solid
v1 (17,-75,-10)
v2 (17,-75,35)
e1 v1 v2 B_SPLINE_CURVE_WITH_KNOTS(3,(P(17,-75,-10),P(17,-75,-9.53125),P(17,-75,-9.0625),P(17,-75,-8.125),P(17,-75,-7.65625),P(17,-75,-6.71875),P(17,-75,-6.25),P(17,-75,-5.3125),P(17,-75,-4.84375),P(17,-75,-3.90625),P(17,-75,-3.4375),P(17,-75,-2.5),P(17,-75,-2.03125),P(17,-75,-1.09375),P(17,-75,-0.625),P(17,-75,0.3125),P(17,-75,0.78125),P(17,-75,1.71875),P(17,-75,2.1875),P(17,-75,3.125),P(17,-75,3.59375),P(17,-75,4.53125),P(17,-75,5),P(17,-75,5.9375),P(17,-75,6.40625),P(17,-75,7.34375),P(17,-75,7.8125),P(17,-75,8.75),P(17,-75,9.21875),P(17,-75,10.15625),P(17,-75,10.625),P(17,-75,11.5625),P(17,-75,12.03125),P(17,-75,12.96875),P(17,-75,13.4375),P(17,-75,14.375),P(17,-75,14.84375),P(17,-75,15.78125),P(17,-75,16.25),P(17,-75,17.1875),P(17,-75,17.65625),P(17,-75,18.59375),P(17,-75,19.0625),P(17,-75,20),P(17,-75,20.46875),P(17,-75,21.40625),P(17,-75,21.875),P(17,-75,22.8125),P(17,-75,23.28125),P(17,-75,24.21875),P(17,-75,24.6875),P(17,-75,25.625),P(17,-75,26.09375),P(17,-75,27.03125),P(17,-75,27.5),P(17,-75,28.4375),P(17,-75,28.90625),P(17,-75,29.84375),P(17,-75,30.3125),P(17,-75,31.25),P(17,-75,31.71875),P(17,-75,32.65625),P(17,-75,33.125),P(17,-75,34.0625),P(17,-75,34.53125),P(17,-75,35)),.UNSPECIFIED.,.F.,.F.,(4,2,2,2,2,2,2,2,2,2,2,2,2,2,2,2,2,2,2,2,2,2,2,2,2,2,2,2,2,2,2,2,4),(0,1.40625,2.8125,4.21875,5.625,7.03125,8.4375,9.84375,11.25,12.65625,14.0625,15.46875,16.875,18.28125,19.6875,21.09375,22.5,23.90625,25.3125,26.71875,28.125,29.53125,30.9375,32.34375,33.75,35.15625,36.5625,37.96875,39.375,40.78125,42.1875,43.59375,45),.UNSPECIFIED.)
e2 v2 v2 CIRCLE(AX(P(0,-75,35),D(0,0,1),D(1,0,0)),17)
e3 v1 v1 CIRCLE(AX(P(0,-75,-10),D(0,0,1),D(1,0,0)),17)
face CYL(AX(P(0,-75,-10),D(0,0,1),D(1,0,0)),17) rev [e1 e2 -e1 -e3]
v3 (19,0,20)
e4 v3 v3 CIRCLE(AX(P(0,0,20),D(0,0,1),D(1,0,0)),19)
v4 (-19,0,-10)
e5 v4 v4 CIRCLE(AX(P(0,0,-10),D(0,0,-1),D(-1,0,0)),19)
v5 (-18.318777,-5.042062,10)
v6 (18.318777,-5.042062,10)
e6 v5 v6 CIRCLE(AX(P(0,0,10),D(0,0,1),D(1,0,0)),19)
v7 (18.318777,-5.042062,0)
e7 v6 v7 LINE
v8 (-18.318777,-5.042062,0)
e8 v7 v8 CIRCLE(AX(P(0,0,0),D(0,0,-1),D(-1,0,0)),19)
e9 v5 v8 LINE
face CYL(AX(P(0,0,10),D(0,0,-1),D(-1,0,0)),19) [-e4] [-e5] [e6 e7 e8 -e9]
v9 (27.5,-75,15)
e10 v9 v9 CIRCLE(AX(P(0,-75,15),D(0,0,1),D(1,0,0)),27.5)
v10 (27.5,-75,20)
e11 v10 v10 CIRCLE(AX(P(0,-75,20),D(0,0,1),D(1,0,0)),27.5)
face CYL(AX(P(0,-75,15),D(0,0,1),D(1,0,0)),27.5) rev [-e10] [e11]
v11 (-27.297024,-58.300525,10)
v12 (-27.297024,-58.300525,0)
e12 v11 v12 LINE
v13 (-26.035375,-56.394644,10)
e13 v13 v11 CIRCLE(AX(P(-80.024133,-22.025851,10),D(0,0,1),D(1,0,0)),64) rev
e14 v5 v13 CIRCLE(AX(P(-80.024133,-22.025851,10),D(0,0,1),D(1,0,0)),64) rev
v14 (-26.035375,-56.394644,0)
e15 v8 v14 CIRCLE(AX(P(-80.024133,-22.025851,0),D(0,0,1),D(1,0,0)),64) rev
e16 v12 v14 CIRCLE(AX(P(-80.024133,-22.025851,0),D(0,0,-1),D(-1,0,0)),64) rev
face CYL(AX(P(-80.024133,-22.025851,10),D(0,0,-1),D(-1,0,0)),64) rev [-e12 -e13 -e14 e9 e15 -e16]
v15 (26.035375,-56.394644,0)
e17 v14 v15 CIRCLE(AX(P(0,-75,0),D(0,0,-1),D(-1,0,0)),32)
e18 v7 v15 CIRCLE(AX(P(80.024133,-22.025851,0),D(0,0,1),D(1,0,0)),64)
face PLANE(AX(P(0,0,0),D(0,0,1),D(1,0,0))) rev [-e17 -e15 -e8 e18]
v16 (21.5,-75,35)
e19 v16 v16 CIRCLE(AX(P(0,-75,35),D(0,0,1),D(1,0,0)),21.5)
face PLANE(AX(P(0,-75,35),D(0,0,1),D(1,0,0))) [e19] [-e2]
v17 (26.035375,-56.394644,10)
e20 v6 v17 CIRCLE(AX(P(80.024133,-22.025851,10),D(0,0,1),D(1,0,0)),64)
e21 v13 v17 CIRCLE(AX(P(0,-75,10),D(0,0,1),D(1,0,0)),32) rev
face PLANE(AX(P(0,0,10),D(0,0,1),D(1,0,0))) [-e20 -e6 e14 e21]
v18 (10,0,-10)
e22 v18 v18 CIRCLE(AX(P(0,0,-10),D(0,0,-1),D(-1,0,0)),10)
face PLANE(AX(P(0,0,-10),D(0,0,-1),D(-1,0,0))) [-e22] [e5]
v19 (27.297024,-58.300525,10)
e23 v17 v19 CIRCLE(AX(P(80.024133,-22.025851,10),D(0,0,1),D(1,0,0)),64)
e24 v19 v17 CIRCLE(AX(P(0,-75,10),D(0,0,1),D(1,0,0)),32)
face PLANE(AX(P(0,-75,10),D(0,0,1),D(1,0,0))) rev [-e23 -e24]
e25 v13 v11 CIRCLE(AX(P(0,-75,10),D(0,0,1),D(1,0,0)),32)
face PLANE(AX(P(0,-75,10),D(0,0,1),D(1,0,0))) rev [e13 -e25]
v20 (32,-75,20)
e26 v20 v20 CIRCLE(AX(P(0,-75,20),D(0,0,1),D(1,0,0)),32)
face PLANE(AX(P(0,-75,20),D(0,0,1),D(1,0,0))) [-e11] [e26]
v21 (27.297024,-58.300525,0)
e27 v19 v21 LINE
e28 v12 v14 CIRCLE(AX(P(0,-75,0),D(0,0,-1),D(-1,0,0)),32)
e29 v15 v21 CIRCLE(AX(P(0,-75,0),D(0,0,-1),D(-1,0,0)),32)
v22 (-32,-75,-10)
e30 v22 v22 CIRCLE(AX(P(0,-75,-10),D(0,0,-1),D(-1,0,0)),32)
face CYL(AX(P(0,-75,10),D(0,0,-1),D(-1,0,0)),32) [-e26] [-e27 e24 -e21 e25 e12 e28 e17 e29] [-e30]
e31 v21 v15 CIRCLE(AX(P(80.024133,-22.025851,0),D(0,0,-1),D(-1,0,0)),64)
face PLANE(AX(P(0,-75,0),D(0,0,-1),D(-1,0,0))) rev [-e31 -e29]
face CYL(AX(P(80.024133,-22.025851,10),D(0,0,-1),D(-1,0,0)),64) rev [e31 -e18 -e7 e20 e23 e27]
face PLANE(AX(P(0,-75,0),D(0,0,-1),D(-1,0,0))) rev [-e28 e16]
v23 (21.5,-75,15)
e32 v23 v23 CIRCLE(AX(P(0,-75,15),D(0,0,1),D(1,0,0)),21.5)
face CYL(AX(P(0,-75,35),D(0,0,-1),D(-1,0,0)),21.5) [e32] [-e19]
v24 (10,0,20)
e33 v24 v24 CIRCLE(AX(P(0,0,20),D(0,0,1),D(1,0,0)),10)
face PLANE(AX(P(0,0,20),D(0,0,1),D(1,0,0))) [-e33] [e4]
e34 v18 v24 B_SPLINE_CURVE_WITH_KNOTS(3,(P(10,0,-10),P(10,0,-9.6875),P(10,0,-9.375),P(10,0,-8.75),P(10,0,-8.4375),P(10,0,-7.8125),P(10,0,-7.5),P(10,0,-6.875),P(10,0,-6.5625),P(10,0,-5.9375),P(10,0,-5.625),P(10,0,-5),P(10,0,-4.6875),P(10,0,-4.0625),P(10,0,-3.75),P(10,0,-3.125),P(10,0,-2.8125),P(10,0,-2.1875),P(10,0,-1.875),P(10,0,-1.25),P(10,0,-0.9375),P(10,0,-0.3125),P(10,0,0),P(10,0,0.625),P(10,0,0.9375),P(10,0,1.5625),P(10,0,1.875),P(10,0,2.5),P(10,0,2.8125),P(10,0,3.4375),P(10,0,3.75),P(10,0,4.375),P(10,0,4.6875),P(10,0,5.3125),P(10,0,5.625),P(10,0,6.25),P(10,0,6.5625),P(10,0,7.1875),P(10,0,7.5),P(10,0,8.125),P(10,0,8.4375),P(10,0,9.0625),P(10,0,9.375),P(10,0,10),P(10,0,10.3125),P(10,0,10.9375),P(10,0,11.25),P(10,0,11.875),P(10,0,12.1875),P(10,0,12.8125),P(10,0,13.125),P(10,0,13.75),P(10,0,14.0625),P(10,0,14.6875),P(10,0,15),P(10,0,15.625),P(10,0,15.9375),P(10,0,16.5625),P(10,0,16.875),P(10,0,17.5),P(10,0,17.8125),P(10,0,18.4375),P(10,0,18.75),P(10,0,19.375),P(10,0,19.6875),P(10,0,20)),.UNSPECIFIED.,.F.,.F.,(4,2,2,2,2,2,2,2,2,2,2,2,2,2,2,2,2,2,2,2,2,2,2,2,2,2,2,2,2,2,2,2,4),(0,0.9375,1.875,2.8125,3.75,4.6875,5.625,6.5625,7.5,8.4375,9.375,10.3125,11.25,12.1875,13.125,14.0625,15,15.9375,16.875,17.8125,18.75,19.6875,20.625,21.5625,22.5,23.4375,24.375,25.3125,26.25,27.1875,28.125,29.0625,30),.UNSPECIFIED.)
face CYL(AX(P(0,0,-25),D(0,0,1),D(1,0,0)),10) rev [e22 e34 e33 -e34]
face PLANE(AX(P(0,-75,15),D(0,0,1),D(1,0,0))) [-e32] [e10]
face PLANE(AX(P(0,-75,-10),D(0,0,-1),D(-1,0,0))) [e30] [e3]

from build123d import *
from build123d.topology import SkipClean

# Parameters (mm, degrees)
BOSS_EXTRU_7_DEPTH       = 10
BOSS_EXTRU_13_START      = 10
ESQUISSE14_R             = 19
ESQUISSE14_R_2           = 32
BOSS_EXTRU_13_DEPTH      = 10
ESQUISSE15_R             = 19
BOSS_EXTRU_14_DEPTH      = 10
ESQUISSE16_R             = 32
BOSS_EXTRU_16_DEPTH      = 10
ESQUISSE21_R             = 27.5
ENL_V_MAT_EXTRU_10_DEPTH = 5
ESQUISSE25_R             = 21.5
BOSS_EXTRU_18_DEPTH      = 20
ESQUISSE26_R             = 17
ENL_V_MAT_EXTRU_11_DEPTH = 45
ESQUISSE27_R             = 10
ENL_V_MAT_EXTRU_12_DEPTH = 45


with BuildPart() as part:
    # Esquisse3 → Boss.-Extru.7 (new body)
    with BuildSketch(Plane.XY):
        with BuildLine():
            ThreePointArc((18.31877748, -5.042062242), (0, 19), (-18.31877748, -5.042062242))
            ThreePointArc((-18.31877748, -5.042062242), (-16.914599812, -32.664779147), (-27.297024291, -58.300525012))
            ThreePointArc((-27.297024291, -58.300525012), (0, -107), (27.297024291, -58.300525012))
            ThreePointArc((27.297024291, -58.300525012), (16.914599812, -32.664779147), (18.31877748, -5.042062242))
        make_face()
    extrude(amount=BOSS_EXTRU_7_DEPTH)

    # Esquisse14 → Boss.-Extru.13 (add)
    with SkipClean():  # the faces are left unmerged after this step: merging them gives an invalid solid
        with BuildSketch(Plane(origin=(0, 0, 0), x_dir=(-1, 0, 0), z_dir=(0, 0, -1)).offset(BOSS_EXTRU_13_START)):
            Circle(ESQUISSE14_R)
            with Locations((0, -75)):
                Circle(ESQUISSE14_R_2)
        extrude(amount=-BOSS_EXTRU_13_DEPTH)

    # Esquisse15 → Boss.-Extru.14 (add)
    with SkipClean():  # the faces are left unmerged after this step: merging them gives an invalid solid
        with BuildSketch(Plane.XY.offset(10)):
            with Locations(Location((0, 0, 0), (0, 0, 180))):
                Circle(ESQUISSE15_R)
        extrude(amount=BOSS_EXTRU_14_DEPTH)

    # Esquisse16 → Boss.-Extru.16 (add)
    with SkipClean():  # the faces are left unmerged after this step: merging them gives an invalid solid
        with BuildSketch(Plane.XY.offset(10)):
            with Locations(Location((0, -75, 0), (0, 0, 180))):
                Circle(ESQUISSE16_R)
        extrude(amount=BOSS_EXTRU_16_DEPTH)

    # Esquisse21 → Enlèv. mat.-Extru.10 (cut)
    with SkipClean():  # the faces are left unmerged after this step: merging them gives an invalid solid
        with BuildSketch(Plane.XY.offset(20)):
            with Locations((0, -75)):
                Circle(ESQUISSE21_R)
        extrude(amount=-ENL_V_MAT_EXTRU_10_DEPTH, mode=Mode.SUBTRACT)

    # Esquisse25 → Boss.-Extru.18 (add)
    with SkipClean():  # the faces are left unmerged after this step: merging them gives an invalid solid
        with BuildSketch(Plane.XY.offset(15)):
            with Locations((0, -75)):
                Circle(ESQUISSE25_R)
        extrude(amount=BOSS_EXTRU_18_DEPTH)

    # Esquisse26 → Enlèv. mat.-Extru.11 (cut)
    with SkipClean():  # the faces are left unmerged after this step: merging them gives an invalid solid
        with BuildSketch(Plane.XY.offset(35)):
            with Locations((0, -75)):
                Circle(ESQUISSE26_R)
        extrude(amount=-ENL_V_MAT_EXTRU_11_DEPTH, mode=Mode.SUBTRACT)

    # Esquisse27 → Enlèv. mat.-Extru.12 (cut)
    with SkipClean():  # the faces are left unmerged after this step: merging them gives an invalid solid
        with BuildSketch(Plane.XY.offset(20)):
            Circle(ESQUISSE27_R)
        extrude(amount=-ENL_V_MAT_EXTRU_12_DEPTH, mode=Mode.SUBTRACT)


solid = part.part
